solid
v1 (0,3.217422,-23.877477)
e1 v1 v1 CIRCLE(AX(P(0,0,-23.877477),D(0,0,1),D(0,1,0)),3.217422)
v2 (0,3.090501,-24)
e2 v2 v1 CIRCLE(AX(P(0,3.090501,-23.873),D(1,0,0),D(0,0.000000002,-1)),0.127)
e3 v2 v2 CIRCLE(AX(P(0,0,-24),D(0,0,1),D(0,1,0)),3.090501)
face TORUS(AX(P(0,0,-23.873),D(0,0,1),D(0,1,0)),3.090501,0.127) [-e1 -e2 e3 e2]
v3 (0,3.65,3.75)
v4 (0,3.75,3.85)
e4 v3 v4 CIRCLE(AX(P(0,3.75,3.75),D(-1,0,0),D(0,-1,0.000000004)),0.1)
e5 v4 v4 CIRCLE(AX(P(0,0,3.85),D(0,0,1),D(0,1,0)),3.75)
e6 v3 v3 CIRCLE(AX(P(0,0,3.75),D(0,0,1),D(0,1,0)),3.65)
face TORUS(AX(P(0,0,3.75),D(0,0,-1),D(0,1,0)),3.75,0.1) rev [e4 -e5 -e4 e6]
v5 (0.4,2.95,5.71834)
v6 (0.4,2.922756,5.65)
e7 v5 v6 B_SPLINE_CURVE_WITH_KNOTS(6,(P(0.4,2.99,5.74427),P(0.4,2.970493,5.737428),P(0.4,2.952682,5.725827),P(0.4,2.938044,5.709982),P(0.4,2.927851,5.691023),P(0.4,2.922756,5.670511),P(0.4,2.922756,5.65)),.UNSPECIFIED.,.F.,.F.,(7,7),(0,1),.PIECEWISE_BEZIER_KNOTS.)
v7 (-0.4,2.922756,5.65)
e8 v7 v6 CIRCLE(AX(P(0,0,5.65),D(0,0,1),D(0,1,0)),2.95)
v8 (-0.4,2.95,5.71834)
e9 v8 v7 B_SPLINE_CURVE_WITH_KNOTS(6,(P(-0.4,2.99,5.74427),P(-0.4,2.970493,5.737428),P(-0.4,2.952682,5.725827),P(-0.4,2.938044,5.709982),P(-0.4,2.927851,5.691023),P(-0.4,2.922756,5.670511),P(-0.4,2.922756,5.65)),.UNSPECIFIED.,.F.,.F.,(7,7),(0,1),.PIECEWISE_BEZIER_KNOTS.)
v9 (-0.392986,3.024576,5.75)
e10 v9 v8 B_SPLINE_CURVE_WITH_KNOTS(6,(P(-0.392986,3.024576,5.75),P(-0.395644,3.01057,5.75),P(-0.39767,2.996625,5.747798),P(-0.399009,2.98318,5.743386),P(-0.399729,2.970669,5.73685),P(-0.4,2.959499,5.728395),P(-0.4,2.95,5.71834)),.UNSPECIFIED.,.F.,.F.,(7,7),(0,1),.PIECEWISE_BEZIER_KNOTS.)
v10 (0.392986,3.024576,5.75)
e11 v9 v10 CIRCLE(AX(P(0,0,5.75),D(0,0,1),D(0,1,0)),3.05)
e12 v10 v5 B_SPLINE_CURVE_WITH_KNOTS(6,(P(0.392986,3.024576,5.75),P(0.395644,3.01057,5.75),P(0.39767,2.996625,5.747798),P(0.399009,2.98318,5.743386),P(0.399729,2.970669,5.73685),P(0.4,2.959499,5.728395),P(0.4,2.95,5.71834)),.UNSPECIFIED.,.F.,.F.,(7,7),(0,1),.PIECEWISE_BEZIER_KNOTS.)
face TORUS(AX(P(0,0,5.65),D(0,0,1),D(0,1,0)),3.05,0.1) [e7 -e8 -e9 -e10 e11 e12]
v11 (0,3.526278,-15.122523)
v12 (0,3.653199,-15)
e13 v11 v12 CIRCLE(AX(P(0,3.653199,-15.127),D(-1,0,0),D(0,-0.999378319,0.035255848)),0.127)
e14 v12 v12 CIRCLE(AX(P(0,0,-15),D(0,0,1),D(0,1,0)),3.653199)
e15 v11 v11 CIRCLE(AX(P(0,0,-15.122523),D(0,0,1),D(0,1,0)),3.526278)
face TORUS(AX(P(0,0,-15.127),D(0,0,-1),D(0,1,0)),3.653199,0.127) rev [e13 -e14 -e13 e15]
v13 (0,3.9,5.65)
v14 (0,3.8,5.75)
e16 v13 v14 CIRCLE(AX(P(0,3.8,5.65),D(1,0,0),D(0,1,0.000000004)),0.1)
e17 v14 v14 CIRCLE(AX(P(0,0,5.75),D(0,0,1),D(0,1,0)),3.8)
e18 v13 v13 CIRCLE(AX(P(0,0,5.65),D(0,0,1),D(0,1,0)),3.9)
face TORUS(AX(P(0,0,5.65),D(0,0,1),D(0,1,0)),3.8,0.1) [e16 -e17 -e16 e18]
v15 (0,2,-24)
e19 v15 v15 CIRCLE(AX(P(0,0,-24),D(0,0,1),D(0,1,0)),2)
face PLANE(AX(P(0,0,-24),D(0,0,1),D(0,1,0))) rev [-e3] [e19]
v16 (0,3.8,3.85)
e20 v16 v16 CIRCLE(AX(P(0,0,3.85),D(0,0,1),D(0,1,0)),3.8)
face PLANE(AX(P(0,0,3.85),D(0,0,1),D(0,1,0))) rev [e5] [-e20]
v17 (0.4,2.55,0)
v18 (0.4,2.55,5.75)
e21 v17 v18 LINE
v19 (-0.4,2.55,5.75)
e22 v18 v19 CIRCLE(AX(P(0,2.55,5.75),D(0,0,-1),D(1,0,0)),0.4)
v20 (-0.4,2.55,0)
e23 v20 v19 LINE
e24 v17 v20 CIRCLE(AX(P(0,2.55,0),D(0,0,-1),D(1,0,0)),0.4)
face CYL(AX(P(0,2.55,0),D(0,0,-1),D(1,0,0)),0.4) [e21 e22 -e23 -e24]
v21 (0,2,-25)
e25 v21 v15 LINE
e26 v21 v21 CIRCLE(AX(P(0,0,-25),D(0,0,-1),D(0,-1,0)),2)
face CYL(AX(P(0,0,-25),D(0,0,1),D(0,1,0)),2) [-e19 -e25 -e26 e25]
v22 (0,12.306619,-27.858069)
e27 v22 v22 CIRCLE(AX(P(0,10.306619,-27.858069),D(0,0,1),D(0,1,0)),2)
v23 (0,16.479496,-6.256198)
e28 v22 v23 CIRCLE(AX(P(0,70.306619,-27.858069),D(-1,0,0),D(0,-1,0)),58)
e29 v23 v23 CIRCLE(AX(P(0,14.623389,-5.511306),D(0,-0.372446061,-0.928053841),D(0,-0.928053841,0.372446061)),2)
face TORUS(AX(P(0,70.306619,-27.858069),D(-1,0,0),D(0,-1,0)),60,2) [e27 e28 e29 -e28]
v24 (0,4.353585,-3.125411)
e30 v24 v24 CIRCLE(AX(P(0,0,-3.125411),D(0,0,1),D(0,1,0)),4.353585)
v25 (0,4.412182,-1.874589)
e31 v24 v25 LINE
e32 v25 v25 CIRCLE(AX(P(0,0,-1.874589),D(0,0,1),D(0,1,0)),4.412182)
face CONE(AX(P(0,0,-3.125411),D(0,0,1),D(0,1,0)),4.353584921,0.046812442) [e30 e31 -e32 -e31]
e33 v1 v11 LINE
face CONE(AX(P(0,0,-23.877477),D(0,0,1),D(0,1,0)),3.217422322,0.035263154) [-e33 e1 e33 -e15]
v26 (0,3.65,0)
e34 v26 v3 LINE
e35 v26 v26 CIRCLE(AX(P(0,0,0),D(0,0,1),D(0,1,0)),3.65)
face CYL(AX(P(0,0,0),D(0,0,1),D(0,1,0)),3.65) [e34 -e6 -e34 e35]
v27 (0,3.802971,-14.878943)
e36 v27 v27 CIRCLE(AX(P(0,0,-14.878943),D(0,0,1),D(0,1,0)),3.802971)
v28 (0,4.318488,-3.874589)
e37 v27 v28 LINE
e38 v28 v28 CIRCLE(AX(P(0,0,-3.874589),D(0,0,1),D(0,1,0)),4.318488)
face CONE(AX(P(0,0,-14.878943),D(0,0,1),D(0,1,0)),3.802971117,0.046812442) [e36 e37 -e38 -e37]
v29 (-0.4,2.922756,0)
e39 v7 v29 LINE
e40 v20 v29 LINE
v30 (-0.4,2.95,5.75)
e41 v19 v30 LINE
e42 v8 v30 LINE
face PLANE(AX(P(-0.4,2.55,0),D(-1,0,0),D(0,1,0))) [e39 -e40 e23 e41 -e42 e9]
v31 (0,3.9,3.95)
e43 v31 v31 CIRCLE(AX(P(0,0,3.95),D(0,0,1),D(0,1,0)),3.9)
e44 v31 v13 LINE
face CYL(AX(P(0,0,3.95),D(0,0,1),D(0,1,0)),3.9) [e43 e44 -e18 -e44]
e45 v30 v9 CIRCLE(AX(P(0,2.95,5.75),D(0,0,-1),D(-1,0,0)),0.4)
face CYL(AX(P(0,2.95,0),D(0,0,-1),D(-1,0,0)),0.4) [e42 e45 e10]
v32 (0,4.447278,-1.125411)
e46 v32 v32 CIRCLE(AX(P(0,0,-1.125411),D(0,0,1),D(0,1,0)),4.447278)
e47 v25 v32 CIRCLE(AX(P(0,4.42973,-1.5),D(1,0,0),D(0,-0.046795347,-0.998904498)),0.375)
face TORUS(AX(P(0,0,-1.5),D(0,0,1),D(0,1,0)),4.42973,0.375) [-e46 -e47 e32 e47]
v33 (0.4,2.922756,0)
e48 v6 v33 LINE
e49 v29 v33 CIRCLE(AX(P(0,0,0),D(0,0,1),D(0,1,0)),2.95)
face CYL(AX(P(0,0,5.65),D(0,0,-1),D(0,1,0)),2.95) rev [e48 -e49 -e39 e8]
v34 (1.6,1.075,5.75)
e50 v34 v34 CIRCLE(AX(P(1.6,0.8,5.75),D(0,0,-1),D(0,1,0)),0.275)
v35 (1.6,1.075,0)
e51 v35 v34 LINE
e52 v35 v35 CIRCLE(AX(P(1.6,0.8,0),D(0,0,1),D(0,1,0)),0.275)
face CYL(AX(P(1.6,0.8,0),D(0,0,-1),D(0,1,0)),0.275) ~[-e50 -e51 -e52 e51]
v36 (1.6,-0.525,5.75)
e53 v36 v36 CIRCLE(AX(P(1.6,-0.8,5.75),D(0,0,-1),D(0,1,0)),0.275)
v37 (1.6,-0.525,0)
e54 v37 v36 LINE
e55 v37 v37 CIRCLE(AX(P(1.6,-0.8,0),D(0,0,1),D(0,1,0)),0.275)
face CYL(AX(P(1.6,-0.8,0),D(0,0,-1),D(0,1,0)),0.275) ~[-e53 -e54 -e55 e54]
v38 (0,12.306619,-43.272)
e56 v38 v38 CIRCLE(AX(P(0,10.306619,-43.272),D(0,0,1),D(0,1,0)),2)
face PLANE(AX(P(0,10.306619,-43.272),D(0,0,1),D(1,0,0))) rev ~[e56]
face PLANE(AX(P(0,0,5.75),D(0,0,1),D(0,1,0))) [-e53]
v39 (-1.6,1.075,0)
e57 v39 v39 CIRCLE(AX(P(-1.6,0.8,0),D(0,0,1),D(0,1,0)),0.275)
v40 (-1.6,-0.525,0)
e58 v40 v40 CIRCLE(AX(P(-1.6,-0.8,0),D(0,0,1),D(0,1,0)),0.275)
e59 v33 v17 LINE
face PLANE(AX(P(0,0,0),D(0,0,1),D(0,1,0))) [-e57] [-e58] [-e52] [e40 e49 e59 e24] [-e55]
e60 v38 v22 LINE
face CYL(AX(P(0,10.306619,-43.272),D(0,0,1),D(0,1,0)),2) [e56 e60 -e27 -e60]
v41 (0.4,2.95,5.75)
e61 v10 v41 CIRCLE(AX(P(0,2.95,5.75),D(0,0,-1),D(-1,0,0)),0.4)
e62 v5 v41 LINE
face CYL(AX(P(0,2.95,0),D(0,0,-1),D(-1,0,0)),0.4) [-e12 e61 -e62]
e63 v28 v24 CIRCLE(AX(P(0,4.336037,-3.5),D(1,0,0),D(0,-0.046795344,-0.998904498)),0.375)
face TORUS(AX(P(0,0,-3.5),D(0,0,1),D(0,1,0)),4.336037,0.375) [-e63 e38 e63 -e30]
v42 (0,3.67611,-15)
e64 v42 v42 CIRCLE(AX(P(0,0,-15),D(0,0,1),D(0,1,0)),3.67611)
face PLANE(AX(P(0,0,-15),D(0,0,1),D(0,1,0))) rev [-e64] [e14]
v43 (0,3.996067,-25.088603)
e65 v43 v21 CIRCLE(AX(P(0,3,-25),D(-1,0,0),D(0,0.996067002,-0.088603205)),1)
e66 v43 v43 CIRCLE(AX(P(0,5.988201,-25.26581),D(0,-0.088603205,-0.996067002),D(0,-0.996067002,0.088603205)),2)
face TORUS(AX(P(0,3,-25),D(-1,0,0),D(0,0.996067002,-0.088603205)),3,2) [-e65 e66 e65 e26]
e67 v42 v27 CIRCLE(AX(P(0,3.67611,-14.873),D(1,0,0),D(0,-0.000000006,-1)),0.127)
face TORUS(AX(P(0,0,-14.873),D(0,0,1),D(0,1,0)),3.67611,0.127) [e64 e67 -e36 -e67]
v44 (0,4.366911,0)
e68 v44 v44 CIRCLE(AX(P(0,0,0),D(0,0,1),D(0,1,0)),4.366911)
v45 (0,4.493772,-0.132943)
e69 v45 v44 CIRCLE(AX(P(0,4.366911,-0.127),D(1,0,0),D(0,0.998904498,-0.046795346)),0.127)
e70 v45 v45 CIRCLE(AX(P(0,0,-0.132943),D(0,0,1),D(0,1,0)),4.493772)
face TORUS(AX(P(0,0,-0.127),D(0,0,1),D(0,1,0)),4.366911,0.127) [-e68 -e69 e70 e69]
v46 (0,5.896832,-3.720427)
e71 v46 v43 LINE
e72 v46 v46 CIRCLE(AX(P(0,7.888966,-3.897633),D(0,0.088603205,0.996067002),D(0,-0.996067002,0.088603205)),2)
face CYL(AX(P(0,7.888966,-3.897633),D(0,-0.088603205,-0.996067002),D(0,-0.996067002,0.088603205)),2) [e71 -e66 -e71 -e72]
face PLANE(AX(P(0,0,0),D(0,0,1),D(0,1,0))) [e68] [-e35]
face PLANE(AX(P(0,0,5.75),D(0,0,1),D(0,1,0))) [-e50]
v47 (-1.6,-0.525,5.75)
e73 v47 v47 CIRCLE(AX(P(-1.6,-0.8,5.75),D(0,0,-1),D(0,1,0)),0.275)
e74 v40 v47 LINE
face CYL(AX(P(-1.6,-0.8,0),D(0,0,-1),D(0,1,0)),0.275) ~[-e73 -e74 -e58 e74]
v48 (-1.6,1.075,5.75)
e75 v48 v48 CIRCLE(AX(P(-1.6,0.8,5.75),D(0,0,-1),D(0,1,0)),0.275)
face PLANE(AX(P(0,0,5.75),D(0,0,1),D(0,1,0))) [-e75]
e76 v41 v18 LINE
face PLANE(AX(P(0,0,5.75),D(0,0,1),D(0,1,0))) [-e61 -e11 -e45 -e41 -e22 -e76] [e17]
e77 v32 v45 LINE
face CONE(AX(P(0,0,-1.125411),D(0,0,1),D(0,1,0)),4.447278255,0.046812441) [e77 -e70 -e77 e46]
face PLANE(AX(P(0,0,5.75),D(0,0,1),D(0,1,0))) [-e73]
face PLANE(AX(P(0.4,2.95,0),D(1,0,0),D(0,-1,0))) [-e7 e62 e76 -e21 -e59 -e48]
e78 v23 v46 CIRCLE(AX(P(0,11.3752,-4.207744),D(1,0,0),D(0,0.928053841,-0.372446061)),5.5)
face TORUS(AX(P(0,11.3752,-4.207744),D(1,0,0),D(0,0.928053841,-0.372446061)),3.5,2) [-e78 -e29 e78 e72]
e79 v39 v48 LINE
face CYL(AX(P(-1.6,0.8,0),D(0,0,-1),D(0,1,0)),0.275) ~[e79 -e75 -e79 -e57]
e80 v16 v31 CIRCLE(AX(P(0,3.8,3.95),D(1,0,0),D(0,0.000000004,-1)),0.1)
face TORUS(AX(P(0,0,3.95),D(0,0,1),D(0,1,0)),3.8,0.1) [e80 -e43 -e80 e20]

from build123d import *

# Parameters (mm, degrees)
BOSS_EXTRUDE1_REACH = 26.943
SKETCH2_R           = 0.275
SWEEP4_PROFILE_R    = 2


with BuildPart() as part:
    # Sketch1 → Revolve1 (revolve)
    with BuildSketch(Plane(origin=(0, 0, 0), x_dir=(0, 0, -1), z_dir=(1, 0, 0))):
        with BuildLine():
            Line((0, 2.95), (0, 0))
            Line((0, 0), (24, 0))
            Line((24, 0), (24, 3.090501275))
            ThreePointArc((24, 3.090501275), (23.964371882, 3.178706599), (23.877477492, 3.217422322))
            Line((23.877477492, 3.217422322), (15.122522508, 3.526277678))
            ThreePointArc((15.122522508, 3.526277678), (15.035628118, 3.564993401), (15, 3.653198725))
            Line((15, 3.653198725), (15, 3.676110245))
            ThreePointArc((15, 3.676110245), (14.96487971, 3.763786462), (14.878943009, 3.802971117))
            Line((14.878943009, 3.802971117), (3.874589187, 4.318488412))
            ThreePointArc((3.874589187, 4.318488412), (3.517548255, 4.710625853), (3.125410813, 4.353584921))
            Line((3.125410813, 4.353584921), (1.874589187, 4.412181745))
            ThreePointArc((1.874589187, 4.412181745), (1.517548255, 4.804319187), (1.125410813, 4.447278255))
            Line((1.125410813, 4.447278255), (0.132943009, 4.493772063))
            ThreePointArc((0.132943009, 4.493772063), (0.039323784, 4.458790902), (0, 4.366911192))
            Line((0, 4.366911192), (0, 3.65))
            Line((0, 3.65), (-3.75, 3.65))
            ThreePointArc((-3.75, 3.65), (-3.820710678, 3.679289322), (-3.85, 3.75))
            Line((-3.85, 3.75), (-3.85, 3.8))
            ThreePointArc((-3.85, 3.8), (-3.879289322, 3.870710678), (-3.95, 3.9))
            Line((-3.95, 3.9), (-5.65, 3.9))
            ThreePointArc((-5.65, 3.9), (-5.720710678, 3.870710678), (-5.75, 3.8))
            Line((-5.75, 3.8), (-5.75, 3.05))
            ThreePointArc((-5.75, 3.05), (-5.720710678, 2.979289322), (-5.65, 2.95))
            Line((-5.65, 2.95), (0, 2.95))
        make_face()
    revolve(axis=Axis((0, 0, -24), (0, 0, 1)))

    # Boss-Extrude1: up to this face of the body (flat: up to its plane)
    boss_extrude1_end = Plane(part.part.faces().sort_by_distance((0, -3.692519769, 5.75))[0])
    # Sketch2 → Boss-Extrude1 (add, up to the picked face)
    with BuildSketch(Plane.XY, mode=Mode.PRIVATE) as boss_extrude1_sk1:
        with Locations(Location((-1.599999975, 0.8, 0), (0, 0, 90))):
            Circle(SKETCH2_R)
    boss_extrude1_tool1 = split(extrude(boss_extrude1_sk1.sketch, amount=BOSS_EXTRUDE1_REACH, mode=Mode.PRIVATE), bisect_by=boss_extrude1_end, keep=Keep.BOTH, mode=Mode.PRIVATE)
    # Sketch2 → Boss-Extrude1 (add, up to the picked face)
    with BuildSketch(Plane.XY, mode=Mode.PRIVATE) as boss_extrude1_sk2:
        with Locations(Location((-1.599999975, -0.8, 0), (0, 0, 90))):
            Circle(SKETCH2_R)
    boss_extrude1_tool2 = split(extrude(boss_extrude1_sk2.sketch, amount=BOSS_EXTRUDE1_REACH, mode=Mode.PRIVATE), bisect_by=boss_extrude1_end, keep=Keep.BOTH, mode=Mode.PRIVATE)
    # Sketch2 → Boss-Extrude1 (add, up to the picked face)
    with BuildSketch(Plane.XY, mode=Mode.PRIVATE) as boss_extrude1_sk3:
        with Locations(Location((1.599999975, -0.8, 0), (0, 0, 90))):
            Circle(SKETCH2_R)
    boss_extrude1_tool3 = split(extrude(boss_extrude1_sk3.sketch, amount=BOSS_EXTRUDE1_REACH, mode=Mode.PRIVATE), bisect_by=boss_extrude1_end, keep=Keep.BOTH, mode=Mode.PRIVATE)
    # Sketch2 → Boss-Extrude1 (add, up to the picked face)
    with BuildSketch(Plane.XY, mode=Mode.PRIVATE) as boss_extrude1_sk4:
        with Locations(Location((1.599999975, 0.8, 0), (0, 0, 90))):
            Circle(SKETCH2_R)
    boss_extrude1_tool4 = split(extrude(boss_extrude1_sk4.sketch, amount=BOSS_EXTRUDE1_REACH, mode=Mode.PRIVATE), bisect_by=boss_extrude1_end, keep=Keep.BOTH, mode=Mode.PRIVATE)
    # Sketch2 → Boss-Extrude1 (add, up to the picked face)
    with BuildSketch(Plane.XY, mode=Mode.PRIVATE) as boss_extrude1_sk5:
        with BuildLine():
            Line((0.4, 2.95), (0.4, 2.55))
            ThreePointArc((0.4, 2.55), (0, 2.15), (-0.4, 2.55))
            Line((-0.4, 2.55), (-0.4, 2.95))
            ThreePointArc((-0.4, 2.95), (0, 3.35), (0.4, 2.95))
        make_face()
    boss_extrude1_tool5 = split(extrude(boss_extrude1_sk5.sketch, amount=BOSS_EXTRUDE1_REACH, mode=Mode.PRIVATE), bisect_by=boss_extrude1_end, keep=Keep.BOTH, mode=Mode.PRIVATE)
    add(boss_extrude1_tool1.solids().sort_by(Axis((-1.6, 0.8, 0), (0, 0, 1)))[0])
    add(boss_extrude1_tool2.solids().sort_by(Axis((-1.6, -0.8, 0), (0, 0, 1)))[0])
    add(boss_extrude1_tool3.solids().sort_by(Axis((1.6, -0.8, 0), (0, 0, 1)))[0])
    add(boss_extrude1_tool4.solids().sort_by(Axis((1.6, 0.8, 0), (0, 0, 1)))[0])
    add(boss_extrude1_tool5.solids().sort_by(Axis((0, 2.75, 0), (0, 0, 1)))[0])

    # Sweep4: sweep along a path in Sketch3
    with BuildLine(Plane(origin=(0, 0, 0), x_dir=(0, 0, -1), z_dir=(1, 0, 0))) as sweep4_path:
        Line((43.272, 10.306619036), (40.732, 10.306619036))
        Line((40.732, 10.306619036), (27.858069254, 10.306619036))
        ThreePointArc((27.858069254, 10.306619036), (16.478126973, 11.395695485), (5.511305597, 14.62338858))
        ThreePointArc((5.511305597, 14.62338858), (0.804092104, 12.190768136), (3.897633165, 7.88896563))
        Line((3.897633165, 7.88896563), (25.265809615, 5.988201005))
        ThreePointArc((25.265809615, 5.988201005), (27.9970488, 2.866964321), (25, 0))
        Line((25, 0), (24, 0))
    # Sweep4 profile (on start of the path) → Sweep4 (sweep)
    with BuildSketch(Plane(origin=(0, 10.306619036, -43.272), x_dir=(0, 1, 0), z_dir=(0, 0, 1))):
        Circle(SWEEP4_PROFILE_R)
    sweep(path=sweep4_path.line)


solid = part.part
